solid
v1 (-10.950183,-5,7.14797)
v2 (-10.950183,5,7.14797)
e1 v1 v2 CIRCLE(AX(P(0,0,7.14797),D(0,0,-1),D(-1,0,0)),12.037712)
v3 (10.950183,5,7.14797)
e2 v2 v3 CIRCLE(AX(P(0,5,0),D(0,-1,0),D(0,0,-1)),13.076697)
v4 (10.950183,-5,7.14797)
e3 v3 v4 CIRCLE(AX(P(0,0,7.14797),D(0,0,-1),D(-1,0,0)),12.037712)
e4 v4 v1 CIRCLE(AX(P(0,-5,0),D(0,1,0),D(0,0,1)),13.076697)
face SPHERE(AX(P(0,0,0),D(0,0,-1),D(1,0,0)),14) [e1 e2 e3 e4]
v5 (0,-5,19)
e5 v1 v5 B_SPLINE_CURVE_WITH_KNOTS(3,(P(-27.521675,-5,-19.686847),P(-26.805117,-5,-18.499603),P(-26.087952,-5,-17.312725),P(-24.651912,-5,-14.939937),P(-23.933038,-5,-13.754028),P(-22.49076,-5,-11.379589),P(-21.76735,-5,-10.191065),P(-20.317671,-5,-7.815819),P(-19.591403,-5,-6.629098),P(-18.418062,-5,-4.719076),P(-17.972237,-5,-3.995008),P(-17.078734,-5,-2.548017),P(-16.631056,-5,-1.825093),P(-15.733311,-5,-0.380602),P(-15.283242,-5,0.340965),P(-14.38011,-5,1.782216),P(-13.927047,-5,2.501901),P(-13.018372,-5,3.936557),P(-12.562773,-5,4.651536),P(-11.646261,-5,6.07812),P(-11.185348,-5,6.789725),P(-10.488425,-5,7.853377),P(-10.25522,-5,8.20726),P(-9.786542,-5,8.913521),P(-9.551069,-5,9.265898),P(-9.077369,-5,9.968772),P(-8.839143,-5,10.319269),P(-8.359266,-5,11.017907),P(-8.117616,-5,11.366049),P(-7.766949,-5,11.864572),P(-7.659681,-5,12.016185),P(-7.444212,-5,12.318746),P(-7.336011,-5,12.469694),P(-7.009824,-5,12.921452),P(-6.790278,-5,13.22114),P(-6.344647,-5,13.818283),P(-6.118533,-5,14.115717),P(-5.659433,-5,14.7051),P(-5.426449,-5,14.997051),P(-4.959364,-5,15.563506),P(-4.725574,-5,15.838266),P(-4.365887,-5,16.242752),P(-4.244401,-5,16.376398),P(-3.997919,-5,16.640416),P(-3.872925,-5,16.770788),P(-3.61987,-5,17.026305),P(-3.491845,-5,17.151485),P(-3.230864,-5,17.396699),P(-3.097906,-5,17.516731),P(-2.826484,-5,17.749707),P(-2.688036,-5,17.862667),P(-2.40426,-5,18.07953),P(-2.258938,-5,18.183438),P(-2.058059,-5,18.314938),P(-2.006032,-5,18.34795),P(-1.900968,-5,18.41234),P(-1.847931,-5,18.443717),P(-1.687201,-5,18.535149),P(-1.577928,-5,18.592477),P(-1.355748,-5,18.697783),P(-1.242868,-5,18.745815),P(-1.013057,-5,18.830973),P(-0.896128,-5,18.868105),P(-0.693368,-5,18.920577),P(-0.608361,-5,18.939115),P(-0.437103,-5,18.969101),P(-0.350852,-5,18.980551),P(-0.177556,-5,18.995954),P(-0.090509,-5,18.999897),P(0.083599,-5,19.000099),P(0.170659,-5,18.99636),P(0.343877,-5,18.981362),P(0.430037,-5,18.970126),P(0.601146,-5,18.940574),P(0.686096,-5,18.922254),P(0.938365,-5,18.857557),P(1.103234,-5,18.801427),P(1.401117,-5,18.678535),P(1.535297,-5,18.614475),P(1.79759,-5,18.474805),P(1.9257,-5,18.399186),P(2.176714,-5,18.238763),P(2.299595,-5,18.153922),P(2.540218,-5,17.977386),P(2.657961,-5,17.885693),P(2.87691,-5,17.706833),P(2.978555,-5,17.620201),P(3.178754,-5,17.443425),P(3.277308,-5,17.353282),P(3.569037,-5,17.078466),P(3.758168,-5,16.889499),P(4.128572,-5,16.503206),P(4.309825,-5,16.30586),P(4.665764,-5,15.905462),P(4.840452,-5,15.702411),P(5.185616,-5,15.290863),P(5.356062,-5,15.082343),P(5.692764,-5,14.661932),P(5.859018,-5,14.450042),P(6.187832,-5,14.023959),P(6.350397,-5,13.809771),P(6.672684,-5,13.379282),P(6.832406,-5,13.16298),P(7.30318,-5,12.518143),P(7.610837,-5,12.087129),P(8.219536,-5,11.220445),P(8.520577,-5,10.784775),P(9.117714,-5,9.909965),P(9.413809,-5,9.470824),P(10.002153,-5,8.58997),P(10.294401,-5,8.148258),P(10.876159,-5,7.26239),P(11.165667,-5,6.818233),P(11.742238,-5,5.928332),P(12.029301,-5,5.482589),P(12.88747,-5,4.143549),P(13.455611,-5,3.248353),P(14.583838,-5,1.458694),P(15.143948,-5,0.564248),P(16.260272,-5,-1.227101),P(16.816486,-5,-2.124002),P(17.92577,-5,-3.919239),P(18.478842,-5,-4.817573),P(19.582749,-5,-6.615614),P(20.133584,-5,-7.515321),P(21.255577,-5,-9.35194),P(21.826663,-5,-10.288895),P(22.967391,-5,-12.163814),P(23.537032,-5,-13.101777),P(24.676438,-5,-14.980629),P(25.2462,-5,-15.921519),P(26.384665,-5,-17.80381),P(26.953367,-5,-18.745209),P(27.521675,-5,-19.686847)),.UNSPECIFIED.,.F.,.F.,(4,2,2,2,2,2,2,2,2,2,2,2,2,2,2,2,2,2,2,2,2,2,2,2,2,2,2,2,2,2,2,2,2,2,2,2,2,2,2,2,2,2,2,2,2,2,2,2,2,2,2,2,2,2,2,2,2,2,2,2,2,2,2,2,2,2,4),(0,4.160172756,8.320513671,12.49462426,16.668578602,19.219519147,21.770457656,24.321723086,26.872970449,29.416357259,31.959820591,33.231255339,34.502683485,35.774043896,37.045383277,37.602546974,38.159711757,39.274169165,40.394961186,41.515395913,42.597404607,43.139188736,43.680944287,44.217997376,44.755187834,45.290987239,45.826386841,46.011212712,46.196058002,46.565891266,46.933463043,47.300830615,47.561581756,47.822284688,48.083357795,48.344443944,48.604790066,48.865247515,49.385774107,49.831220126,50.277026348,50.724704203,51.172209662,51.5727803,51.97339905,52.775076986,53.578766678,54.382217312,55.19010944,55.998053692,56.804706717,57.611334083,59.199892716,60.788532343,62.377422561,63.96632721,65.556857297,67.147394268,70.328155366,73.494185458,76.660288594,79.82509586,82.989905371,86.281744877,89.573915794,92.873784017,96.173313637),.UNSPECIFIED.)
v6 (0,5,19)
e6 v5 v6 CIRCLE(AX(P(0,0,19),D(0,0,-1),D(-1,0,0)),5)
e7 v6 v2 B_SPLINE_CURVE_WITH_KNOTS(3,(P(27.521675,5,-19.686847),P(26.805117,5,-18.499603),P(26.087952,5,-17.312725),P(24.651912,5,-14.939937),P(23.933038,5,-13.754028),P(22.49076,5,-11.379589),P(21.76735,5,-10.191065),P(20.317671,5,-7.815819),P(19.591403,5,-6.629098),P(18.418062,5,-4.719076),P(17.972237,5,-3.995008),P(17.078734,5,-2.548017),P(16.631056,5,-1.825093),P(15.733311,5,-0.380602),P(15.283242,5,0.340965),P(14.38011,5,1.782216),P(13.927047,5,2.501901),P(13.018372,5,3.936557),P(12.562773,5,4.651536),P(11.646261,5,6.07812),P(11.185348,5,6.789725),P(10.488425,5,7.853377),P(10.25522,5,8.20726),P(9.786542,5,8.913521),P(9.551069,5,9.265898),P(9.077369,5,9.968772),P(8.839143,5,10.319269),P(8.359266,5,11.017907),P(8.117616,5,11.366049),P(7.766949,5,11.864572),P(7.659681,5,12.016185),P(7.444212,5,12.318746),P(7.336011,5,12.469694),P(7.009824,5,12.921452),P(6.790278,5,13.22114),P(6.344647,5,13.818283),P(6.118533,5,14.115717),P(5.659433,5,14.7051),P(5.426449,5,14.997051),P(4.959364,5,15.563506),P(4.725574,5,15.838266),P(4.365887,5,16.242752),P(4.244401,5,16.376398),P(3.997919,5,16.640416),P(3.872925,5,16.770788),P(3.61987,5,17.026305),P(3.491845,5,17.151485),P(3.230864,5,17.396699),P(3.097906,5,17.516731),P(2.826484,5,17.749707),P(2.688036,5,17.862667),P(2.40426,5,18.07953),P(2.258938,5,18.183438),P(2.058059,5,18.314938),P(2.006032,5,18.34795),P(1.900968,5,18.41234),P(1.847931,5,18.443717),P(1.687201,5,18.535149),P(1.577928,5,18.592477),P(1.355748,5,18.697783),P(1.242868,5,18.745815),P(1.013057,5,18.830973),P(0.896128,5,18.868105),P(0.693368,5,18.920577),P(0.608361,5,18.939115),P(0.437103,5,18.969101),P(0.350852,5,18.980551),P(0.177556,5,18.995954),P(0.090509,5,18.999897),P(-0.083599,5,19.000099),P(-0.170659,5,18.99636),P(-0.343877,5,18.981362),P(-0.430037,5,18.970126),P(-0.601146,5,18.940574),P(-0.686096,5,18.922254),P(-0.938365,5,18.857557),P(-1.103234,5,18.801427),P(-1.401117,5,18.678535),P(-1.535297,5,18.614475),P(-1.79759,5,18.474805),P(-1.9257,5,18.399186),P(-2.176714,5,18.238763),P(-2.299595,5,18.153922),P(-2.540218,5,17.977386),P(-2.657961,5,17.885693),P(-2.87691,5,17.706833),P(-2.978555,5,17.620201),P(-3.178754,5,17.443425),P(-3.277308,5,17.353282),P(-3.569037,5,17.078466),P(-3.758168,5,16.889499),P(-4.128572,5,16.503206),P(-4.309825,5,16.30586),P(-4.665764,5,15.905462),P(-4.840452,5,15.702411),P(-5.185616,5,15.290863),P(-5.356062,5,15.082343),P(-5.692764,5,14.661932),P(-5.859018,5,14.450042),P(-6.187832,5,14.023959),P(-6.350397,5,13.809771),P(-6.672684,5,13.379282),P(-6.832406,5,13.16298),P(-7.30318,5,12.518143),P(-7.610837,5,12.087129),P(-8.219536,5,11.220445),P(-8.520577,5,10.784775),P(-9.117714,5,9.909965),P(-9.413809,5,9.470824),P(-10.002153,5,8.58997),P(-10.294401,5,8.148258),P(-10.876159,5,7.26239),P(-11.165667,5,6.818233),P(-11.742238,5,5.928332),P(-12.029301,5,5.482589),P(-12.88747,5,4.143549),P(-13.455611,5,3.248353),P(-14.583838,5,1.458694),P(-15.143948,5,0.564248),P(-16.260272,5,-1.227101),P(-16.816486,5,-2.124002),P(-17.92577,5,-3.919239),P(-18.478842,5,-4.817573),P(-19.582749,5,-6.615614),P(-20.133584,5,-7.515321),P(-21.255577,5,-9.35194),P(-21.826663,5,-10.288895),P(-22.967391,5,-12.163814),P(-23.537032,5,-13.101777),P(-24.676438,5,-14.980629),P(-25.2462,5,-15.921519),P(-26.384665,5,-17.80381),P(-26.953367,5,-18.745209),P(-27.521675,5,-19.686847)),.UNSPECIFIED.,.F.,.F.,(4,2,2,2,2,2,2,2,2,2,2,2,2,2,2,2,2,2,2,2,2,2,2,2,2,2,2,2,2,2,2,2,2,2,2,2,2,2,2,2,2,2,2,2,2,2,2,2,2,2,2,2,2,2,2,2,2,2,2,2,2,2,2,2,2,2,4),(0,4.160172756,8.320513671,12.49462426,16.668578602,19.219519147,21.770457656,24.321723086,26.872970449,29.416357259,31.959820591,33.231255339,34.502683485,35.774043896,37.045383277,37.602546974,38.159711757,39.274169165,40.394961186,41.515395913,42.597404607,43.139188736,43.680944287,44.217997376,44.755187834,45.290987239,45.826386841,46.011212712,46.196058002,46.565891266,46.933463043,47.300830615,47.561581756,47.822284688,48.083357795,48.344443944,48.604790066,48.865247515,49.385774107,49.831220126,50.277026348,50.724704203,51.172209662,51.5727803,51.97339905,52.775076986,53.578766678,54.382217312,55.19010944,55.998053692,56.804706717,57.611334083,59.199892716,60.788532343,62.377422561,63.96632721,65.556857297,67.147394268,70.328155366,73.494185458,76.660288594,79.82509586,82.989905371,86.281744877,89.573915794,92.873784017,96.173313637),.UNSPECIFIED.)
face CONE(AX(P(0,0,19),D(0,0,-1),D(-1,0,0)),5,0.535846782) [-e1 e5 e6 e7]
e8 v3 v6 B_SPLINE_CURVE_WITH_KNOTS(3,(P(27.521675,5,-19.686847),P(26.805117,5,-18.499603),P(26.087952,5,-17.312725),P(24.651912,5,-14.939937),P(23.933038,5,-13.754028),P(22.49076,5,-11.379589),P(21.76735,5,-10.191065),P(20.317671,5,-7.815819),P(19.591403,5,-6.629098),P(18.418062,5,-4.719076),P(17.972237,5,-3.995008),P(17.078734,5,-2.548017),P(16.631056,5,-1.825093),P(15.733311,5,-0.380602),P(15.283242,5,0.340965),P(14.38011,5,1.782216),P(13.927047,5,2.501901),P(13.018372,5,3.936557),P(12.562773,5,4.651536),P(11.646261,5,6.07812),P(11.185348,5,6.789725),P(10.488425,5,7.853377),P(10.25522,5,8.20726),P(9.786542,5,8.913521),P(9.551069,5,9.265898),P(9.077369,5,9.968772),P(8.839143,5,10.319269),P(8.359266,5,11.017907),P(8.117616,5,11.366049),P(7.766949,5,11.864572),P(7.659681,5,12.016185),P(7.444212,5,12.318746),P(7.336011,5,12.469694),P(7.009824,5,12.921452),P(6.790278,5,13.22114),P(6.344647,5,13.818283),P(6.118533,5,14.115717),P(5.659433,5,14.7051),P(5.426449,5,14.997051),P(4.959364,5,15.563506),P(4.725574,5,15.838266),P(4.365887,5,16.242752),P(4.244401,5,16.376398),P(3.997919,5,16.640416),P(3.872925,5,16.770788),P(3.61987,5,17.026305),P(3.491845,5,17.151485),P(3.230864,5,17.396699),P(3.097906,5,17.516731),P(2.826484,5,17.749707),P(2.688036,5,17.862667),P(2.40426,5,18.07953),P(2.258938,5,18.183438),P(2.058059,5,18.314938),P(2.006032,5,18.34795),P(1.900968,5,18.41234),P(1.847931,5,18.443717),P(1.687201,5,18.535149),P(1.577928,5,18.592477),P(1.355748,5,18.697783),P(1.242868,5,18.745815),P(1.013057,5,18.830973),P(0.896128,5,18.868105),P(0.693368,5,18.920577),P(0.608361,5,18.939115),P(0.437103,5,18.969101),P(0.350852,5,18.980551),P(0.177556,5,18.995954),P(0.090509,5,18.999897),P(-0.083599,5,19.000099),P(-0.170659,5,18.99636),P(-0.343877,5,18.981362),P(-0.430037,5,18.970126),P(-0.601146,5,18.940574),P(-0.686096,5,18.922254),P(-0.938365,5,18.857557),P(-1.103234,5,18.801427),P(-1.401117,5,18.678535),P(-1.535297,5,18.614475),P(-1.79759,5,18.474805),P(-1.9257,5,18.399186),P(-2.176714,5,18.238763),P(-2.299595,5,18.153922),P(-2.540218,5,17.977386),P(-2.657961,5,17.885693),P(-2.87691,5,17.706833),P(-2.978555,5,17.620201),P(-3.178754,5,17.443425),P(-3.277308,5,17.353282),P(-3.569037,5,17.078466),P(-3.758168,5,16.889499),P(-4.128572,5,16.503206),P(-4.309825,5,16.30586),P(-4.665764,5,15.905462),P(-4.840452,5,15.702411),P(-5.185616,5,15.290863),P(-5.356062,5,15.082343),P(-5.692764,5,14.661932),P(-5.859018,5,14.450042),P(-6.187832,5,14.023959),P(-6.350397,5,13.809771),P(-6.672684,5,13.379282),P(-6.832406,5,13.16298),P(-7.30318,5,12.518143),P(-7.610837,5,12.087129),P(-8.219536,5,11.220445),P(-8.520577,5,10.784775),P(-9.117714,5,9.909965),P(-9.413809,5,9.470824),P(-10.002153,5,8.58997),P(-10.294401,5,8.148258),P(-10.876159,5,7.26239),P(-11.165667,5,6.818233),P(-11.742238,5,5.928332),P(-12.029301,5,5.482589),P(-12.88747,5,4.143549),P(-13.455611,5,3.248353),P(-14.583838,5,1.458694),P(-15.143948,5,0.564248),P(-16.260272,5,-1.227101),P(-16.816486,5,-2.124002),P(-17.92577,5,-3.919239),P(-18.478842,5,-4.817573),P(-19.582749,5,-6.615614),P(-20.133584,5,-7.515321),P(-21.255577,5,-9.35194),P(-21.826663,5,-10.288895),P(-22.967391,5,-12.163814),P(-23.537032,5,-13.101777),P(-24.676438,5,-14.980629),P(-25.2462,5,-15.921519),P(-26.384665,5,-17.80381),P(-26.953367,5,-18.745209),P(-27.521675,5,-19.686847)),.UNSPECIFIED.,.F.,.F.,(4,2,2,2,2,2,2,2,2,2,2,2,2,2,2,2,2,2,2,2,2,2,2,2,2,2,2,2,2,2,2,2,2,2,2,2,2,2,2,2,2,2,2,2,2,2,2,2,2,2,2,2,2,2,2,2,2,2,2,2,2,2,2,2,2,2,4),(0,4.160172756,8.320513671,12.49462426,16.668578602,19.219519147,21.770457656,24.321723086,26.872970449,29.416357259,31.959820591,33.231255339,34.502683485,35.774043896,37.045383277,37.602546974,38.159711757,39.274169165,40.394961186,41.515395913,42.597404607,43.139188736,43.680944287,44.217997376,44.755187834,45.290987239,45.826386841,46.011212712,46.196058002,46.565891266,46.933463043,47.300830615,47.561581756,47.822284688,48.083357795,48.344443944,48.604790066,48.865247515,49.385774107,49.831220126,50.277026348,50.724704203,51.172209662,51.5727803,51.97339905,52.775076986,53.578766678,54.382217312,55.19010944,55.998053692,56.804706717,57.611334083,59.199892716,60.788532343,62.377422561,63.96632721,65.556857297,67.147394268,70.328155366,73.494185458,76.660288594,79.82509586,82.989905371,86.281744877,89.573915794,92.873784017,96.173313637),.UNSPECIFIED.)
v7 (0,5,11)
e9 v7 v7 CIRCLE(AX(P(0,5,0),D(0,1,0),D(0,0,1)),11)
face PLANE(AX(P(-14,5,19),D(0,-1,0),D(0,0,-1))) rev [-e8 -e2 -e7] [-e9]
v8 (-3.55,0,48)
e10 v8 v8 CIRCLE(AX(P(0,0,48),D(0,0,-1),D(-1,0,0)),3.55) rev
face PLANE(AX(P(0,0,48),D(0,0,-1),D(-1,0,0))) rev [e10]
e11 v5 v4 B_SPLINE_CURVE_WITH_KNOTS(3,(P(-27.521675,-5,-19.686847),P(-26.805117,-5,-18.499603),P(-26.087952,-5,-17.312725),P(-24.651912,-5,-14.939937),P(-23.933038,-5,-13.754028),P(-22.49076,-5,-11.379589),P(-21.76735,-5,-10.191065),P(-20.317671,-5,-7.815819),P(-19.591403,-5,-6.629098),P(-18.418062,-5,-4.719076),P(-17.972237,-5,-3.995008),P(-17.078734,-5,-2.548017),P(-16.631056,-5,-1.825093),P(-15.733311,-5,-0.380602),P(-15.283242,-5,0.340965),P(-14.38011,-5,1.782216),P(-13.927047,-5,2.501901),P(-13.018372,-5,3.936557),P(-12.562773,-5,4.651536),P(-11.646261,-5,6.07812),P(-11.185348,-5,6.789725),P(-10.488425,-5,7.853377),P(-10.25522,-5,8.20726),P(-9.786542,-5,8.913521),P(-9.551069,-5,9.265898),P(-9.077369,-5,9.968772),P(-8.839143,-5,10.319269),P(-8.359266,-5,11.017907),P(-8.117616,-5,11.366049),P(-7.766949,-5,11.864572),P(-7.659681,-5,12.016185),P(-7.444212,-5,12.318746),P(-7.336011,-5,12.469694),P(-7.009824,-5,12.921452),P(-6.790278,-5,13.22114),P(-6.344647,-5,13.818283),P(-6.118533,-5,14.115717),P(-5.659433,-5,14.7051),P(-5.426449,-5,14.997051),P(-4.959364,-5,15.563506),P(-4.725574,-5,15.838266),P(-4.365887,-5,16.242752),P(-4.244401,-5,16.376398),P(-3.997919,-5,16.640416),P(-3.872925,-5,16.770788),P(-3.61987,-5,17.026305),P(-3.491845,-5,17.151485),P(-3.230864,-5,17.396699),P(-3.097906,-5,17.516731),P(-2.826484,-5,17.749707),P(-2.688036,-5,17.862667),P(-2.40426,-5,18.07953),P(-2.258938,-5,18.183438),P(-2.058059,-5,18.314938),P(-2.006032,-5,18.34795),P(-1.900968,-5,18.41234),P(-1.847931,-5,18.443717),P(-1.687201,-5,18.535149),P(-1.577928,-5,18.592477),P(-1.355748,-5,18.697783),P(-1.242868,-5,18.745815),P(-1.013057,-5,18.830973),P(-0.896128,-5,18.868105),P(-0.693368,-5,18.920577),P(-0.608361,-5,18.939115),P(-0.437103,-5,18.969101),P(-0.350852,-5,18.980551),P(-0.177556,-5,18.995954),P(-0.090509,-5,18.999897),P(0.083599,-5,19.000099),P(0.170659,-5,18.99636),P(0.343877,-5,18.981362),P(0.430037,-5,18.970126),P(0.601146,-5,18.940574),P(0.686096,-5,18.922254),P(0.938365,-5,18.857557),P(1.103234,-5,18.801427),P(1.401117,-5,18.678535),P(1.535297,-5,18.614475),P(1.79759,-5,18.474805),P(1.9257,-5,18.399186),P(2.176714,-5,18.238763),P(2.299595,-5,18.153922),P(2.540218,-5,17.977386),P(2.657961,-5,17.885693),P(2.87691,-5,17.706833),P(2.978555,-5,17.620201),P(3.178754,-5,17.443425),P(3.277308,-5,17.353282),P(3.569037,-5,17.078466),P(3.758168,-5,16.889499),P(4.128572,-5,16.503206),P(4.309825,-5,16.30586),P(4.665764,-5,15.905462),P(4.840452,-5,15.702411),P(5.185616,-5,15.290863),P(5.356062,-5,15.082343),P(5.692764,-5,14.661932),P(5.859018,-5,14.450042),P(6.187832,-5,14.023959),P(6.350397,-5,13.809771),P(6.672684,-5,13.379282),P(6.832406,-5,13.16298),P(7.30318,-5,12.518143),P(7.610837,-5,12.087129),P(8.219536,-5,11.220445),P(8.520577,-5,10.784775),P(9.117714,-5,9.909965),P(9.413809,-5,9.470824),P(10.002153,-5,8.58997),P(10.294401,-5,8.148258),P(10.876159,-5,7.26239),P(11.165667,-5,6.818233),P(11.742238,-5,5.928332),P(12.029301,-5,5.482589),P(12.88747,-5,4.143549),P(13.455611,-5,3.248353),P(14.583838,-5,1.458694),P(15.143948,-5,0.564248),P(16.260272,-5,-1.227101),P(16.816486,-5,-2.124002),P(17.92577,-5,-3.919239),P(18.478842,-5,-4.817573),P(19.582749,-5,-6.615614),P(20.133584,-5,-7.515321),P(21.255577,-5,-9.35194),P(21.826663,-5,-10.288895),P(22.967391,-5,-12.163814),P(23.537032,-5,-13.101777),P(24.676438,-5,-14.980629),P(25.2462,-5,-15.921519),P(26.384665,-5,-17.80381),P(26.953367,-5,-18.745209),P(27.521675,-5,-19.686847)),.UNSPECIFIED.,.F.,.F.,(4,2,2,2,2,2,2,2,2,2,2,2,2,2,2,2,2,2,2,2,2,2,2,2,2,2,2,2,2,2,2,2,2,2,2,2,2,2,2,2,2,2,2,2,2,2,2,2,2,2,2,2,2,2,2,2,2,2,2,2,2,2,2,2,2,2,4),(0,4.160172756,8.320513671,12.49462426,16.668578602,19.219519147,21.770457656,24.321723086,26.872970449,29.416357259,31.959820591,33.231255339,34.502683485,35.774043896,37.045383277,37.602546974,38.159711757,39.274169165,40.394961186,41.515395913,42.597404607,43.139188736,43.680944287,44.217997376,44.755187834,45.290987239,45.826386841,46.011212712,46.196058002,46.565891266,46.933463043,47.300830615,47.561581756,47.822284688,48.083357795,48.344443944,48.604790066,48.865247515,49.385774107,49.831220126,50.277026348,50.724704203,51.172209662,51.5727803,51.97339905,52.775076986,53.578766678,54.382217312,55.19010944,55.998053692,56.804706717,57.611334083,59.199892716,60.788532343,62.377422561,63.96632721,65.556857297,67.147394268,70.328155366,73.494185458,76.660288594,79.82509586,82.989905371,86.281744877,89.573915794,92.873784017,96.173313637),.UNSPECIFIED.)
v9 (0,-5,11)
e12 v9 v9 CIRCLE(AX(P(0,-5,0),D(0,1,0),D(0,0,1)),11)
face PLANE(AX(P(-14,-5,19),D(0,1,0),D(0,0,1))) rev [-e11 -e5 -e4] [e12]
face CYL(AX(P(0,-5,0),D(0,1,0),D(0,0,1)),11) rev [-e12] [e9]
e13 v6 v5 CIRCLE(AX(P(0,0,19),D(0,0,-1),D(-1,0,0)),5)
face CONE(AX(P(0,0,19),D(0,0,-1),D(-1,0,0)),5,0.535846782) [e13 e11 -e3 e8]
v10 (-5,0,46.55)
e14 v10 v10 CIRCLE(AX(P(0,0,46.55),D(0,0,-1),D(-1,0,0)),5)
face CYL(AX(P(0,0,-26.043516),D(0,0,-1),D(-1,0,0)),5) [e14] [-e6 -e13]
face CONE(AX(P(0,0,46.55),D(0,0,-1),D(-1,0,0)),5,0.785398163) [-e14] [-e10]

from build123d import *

# Parameters (mm, degrees)
SZKIC1_W                        = 5
SZKIC1_H                        = 29
WYTNIJ_WYCI_GNI_CIE1_DEPTH      = 15
WYTNIJ_WYCI_GNI_CIE1_DEPTH_BACK = 15
SZKIC3_R                        = 11
WYTNIJ_WYCI_GNI_CIE2_DEPTH      = 6
WYTNIJ_WYCI_GNI_CIE2_DEPTH_BACK = 6
SFAZOWANIE1_SIZE                = 1.45


with BuildPart() as part:
    # Szkic1 → Obrót1 (revolve)
    with BuildSketch(Plane(origin=(0, 0, 0), x_dir=(1, 0, 0), z_dir=(0, 1, 0))):
        with BuildLine():
            Line((0, 14), (0, -19))
            Line((0, -19), (5, -19))
            Line((5, -19), (12.037712352, -7.147970434))
            ThreePointArc((12.037712352, -7.147970434), (12.166996056, 6.925619609), (0, 14))
        make_face()
        with Locations((2.5, -33.5)):
            Rectangle(SZKIC1_W, SZKIC1_H)
    revolve(axis=Axis((0, 0, -26.043516498), (0, 0, 1)))

    # Szkic2 → Wytnij-wyciągnięcie1 (cut, two sides)
    with BuildSketch(Plane(origin=(0, 0, 0), x_dir=(0, 0, -1), z_dir=(1, 0, 0))) as wytnij_wyci_gni_cie1_sk:
        with BuildLine():
            Line((-19, 5), (13.076696831, 5))
            ThreePointArc((13.076696831, 5), (4.601064873, 13.222337238), (-7.147970434, 12.037712352))
            Line((-7.147970434, 12.037712352), (-19, 5))
        make_face()
        with BuildLine():
            Line((-19, -5), (13.076696831, -5))
            ThreePointArc((13.076696831, -5), (4.601064873, -13.222337238), (-7.147970434, -12.037712352))
            Line((-7.147970434, -12.037712352), (-19, -5))
        make_face()
    extrude(amount=WYTNIJ_WYCI_GNI_CIE1_DEPTH, mode=Mode.SUBTRACT)
    extrude(wytnij_wyci_gni_cie1_sk.sketch, amount=-WYTNIJ_WYCI_GNI_CIE1_DEPTH_BACK, mode=Mode.SUBTRACT)

    # Szkic3 → Wytnij-wyciągnięcie2 (cut, two sides)
    with BuildSketch(Plane(origin=(0, 0, 0), x_dir=(1, 0, 0), z_dir=(0, 1, 0))) as wytnij_wyci_gni_cie2_sk:
        Circle(SZKIC3_R)
    extrude(amount=WYTNIJ_WYCI_GNI_CIE2_DEPTH, mode=Mode.SUBTRACT)
    extrude(wytnij_wyci_gni_cie2_sk.sketch, amount=-WYTNIJ_WYCI_GNI_CIE2_DEPTH_BACK, mode=Mode.SUBTRACT)

    # Sfazowanie1
    sfazowanie1_edges = [part.edges().sort_by_distance(p)[0] for p in [
        (-5, 0, 48),
    ]]
    chamfer(sfazowanie1_edges, length=SFAZOWANIE1_SIZE)


solid = part.part
